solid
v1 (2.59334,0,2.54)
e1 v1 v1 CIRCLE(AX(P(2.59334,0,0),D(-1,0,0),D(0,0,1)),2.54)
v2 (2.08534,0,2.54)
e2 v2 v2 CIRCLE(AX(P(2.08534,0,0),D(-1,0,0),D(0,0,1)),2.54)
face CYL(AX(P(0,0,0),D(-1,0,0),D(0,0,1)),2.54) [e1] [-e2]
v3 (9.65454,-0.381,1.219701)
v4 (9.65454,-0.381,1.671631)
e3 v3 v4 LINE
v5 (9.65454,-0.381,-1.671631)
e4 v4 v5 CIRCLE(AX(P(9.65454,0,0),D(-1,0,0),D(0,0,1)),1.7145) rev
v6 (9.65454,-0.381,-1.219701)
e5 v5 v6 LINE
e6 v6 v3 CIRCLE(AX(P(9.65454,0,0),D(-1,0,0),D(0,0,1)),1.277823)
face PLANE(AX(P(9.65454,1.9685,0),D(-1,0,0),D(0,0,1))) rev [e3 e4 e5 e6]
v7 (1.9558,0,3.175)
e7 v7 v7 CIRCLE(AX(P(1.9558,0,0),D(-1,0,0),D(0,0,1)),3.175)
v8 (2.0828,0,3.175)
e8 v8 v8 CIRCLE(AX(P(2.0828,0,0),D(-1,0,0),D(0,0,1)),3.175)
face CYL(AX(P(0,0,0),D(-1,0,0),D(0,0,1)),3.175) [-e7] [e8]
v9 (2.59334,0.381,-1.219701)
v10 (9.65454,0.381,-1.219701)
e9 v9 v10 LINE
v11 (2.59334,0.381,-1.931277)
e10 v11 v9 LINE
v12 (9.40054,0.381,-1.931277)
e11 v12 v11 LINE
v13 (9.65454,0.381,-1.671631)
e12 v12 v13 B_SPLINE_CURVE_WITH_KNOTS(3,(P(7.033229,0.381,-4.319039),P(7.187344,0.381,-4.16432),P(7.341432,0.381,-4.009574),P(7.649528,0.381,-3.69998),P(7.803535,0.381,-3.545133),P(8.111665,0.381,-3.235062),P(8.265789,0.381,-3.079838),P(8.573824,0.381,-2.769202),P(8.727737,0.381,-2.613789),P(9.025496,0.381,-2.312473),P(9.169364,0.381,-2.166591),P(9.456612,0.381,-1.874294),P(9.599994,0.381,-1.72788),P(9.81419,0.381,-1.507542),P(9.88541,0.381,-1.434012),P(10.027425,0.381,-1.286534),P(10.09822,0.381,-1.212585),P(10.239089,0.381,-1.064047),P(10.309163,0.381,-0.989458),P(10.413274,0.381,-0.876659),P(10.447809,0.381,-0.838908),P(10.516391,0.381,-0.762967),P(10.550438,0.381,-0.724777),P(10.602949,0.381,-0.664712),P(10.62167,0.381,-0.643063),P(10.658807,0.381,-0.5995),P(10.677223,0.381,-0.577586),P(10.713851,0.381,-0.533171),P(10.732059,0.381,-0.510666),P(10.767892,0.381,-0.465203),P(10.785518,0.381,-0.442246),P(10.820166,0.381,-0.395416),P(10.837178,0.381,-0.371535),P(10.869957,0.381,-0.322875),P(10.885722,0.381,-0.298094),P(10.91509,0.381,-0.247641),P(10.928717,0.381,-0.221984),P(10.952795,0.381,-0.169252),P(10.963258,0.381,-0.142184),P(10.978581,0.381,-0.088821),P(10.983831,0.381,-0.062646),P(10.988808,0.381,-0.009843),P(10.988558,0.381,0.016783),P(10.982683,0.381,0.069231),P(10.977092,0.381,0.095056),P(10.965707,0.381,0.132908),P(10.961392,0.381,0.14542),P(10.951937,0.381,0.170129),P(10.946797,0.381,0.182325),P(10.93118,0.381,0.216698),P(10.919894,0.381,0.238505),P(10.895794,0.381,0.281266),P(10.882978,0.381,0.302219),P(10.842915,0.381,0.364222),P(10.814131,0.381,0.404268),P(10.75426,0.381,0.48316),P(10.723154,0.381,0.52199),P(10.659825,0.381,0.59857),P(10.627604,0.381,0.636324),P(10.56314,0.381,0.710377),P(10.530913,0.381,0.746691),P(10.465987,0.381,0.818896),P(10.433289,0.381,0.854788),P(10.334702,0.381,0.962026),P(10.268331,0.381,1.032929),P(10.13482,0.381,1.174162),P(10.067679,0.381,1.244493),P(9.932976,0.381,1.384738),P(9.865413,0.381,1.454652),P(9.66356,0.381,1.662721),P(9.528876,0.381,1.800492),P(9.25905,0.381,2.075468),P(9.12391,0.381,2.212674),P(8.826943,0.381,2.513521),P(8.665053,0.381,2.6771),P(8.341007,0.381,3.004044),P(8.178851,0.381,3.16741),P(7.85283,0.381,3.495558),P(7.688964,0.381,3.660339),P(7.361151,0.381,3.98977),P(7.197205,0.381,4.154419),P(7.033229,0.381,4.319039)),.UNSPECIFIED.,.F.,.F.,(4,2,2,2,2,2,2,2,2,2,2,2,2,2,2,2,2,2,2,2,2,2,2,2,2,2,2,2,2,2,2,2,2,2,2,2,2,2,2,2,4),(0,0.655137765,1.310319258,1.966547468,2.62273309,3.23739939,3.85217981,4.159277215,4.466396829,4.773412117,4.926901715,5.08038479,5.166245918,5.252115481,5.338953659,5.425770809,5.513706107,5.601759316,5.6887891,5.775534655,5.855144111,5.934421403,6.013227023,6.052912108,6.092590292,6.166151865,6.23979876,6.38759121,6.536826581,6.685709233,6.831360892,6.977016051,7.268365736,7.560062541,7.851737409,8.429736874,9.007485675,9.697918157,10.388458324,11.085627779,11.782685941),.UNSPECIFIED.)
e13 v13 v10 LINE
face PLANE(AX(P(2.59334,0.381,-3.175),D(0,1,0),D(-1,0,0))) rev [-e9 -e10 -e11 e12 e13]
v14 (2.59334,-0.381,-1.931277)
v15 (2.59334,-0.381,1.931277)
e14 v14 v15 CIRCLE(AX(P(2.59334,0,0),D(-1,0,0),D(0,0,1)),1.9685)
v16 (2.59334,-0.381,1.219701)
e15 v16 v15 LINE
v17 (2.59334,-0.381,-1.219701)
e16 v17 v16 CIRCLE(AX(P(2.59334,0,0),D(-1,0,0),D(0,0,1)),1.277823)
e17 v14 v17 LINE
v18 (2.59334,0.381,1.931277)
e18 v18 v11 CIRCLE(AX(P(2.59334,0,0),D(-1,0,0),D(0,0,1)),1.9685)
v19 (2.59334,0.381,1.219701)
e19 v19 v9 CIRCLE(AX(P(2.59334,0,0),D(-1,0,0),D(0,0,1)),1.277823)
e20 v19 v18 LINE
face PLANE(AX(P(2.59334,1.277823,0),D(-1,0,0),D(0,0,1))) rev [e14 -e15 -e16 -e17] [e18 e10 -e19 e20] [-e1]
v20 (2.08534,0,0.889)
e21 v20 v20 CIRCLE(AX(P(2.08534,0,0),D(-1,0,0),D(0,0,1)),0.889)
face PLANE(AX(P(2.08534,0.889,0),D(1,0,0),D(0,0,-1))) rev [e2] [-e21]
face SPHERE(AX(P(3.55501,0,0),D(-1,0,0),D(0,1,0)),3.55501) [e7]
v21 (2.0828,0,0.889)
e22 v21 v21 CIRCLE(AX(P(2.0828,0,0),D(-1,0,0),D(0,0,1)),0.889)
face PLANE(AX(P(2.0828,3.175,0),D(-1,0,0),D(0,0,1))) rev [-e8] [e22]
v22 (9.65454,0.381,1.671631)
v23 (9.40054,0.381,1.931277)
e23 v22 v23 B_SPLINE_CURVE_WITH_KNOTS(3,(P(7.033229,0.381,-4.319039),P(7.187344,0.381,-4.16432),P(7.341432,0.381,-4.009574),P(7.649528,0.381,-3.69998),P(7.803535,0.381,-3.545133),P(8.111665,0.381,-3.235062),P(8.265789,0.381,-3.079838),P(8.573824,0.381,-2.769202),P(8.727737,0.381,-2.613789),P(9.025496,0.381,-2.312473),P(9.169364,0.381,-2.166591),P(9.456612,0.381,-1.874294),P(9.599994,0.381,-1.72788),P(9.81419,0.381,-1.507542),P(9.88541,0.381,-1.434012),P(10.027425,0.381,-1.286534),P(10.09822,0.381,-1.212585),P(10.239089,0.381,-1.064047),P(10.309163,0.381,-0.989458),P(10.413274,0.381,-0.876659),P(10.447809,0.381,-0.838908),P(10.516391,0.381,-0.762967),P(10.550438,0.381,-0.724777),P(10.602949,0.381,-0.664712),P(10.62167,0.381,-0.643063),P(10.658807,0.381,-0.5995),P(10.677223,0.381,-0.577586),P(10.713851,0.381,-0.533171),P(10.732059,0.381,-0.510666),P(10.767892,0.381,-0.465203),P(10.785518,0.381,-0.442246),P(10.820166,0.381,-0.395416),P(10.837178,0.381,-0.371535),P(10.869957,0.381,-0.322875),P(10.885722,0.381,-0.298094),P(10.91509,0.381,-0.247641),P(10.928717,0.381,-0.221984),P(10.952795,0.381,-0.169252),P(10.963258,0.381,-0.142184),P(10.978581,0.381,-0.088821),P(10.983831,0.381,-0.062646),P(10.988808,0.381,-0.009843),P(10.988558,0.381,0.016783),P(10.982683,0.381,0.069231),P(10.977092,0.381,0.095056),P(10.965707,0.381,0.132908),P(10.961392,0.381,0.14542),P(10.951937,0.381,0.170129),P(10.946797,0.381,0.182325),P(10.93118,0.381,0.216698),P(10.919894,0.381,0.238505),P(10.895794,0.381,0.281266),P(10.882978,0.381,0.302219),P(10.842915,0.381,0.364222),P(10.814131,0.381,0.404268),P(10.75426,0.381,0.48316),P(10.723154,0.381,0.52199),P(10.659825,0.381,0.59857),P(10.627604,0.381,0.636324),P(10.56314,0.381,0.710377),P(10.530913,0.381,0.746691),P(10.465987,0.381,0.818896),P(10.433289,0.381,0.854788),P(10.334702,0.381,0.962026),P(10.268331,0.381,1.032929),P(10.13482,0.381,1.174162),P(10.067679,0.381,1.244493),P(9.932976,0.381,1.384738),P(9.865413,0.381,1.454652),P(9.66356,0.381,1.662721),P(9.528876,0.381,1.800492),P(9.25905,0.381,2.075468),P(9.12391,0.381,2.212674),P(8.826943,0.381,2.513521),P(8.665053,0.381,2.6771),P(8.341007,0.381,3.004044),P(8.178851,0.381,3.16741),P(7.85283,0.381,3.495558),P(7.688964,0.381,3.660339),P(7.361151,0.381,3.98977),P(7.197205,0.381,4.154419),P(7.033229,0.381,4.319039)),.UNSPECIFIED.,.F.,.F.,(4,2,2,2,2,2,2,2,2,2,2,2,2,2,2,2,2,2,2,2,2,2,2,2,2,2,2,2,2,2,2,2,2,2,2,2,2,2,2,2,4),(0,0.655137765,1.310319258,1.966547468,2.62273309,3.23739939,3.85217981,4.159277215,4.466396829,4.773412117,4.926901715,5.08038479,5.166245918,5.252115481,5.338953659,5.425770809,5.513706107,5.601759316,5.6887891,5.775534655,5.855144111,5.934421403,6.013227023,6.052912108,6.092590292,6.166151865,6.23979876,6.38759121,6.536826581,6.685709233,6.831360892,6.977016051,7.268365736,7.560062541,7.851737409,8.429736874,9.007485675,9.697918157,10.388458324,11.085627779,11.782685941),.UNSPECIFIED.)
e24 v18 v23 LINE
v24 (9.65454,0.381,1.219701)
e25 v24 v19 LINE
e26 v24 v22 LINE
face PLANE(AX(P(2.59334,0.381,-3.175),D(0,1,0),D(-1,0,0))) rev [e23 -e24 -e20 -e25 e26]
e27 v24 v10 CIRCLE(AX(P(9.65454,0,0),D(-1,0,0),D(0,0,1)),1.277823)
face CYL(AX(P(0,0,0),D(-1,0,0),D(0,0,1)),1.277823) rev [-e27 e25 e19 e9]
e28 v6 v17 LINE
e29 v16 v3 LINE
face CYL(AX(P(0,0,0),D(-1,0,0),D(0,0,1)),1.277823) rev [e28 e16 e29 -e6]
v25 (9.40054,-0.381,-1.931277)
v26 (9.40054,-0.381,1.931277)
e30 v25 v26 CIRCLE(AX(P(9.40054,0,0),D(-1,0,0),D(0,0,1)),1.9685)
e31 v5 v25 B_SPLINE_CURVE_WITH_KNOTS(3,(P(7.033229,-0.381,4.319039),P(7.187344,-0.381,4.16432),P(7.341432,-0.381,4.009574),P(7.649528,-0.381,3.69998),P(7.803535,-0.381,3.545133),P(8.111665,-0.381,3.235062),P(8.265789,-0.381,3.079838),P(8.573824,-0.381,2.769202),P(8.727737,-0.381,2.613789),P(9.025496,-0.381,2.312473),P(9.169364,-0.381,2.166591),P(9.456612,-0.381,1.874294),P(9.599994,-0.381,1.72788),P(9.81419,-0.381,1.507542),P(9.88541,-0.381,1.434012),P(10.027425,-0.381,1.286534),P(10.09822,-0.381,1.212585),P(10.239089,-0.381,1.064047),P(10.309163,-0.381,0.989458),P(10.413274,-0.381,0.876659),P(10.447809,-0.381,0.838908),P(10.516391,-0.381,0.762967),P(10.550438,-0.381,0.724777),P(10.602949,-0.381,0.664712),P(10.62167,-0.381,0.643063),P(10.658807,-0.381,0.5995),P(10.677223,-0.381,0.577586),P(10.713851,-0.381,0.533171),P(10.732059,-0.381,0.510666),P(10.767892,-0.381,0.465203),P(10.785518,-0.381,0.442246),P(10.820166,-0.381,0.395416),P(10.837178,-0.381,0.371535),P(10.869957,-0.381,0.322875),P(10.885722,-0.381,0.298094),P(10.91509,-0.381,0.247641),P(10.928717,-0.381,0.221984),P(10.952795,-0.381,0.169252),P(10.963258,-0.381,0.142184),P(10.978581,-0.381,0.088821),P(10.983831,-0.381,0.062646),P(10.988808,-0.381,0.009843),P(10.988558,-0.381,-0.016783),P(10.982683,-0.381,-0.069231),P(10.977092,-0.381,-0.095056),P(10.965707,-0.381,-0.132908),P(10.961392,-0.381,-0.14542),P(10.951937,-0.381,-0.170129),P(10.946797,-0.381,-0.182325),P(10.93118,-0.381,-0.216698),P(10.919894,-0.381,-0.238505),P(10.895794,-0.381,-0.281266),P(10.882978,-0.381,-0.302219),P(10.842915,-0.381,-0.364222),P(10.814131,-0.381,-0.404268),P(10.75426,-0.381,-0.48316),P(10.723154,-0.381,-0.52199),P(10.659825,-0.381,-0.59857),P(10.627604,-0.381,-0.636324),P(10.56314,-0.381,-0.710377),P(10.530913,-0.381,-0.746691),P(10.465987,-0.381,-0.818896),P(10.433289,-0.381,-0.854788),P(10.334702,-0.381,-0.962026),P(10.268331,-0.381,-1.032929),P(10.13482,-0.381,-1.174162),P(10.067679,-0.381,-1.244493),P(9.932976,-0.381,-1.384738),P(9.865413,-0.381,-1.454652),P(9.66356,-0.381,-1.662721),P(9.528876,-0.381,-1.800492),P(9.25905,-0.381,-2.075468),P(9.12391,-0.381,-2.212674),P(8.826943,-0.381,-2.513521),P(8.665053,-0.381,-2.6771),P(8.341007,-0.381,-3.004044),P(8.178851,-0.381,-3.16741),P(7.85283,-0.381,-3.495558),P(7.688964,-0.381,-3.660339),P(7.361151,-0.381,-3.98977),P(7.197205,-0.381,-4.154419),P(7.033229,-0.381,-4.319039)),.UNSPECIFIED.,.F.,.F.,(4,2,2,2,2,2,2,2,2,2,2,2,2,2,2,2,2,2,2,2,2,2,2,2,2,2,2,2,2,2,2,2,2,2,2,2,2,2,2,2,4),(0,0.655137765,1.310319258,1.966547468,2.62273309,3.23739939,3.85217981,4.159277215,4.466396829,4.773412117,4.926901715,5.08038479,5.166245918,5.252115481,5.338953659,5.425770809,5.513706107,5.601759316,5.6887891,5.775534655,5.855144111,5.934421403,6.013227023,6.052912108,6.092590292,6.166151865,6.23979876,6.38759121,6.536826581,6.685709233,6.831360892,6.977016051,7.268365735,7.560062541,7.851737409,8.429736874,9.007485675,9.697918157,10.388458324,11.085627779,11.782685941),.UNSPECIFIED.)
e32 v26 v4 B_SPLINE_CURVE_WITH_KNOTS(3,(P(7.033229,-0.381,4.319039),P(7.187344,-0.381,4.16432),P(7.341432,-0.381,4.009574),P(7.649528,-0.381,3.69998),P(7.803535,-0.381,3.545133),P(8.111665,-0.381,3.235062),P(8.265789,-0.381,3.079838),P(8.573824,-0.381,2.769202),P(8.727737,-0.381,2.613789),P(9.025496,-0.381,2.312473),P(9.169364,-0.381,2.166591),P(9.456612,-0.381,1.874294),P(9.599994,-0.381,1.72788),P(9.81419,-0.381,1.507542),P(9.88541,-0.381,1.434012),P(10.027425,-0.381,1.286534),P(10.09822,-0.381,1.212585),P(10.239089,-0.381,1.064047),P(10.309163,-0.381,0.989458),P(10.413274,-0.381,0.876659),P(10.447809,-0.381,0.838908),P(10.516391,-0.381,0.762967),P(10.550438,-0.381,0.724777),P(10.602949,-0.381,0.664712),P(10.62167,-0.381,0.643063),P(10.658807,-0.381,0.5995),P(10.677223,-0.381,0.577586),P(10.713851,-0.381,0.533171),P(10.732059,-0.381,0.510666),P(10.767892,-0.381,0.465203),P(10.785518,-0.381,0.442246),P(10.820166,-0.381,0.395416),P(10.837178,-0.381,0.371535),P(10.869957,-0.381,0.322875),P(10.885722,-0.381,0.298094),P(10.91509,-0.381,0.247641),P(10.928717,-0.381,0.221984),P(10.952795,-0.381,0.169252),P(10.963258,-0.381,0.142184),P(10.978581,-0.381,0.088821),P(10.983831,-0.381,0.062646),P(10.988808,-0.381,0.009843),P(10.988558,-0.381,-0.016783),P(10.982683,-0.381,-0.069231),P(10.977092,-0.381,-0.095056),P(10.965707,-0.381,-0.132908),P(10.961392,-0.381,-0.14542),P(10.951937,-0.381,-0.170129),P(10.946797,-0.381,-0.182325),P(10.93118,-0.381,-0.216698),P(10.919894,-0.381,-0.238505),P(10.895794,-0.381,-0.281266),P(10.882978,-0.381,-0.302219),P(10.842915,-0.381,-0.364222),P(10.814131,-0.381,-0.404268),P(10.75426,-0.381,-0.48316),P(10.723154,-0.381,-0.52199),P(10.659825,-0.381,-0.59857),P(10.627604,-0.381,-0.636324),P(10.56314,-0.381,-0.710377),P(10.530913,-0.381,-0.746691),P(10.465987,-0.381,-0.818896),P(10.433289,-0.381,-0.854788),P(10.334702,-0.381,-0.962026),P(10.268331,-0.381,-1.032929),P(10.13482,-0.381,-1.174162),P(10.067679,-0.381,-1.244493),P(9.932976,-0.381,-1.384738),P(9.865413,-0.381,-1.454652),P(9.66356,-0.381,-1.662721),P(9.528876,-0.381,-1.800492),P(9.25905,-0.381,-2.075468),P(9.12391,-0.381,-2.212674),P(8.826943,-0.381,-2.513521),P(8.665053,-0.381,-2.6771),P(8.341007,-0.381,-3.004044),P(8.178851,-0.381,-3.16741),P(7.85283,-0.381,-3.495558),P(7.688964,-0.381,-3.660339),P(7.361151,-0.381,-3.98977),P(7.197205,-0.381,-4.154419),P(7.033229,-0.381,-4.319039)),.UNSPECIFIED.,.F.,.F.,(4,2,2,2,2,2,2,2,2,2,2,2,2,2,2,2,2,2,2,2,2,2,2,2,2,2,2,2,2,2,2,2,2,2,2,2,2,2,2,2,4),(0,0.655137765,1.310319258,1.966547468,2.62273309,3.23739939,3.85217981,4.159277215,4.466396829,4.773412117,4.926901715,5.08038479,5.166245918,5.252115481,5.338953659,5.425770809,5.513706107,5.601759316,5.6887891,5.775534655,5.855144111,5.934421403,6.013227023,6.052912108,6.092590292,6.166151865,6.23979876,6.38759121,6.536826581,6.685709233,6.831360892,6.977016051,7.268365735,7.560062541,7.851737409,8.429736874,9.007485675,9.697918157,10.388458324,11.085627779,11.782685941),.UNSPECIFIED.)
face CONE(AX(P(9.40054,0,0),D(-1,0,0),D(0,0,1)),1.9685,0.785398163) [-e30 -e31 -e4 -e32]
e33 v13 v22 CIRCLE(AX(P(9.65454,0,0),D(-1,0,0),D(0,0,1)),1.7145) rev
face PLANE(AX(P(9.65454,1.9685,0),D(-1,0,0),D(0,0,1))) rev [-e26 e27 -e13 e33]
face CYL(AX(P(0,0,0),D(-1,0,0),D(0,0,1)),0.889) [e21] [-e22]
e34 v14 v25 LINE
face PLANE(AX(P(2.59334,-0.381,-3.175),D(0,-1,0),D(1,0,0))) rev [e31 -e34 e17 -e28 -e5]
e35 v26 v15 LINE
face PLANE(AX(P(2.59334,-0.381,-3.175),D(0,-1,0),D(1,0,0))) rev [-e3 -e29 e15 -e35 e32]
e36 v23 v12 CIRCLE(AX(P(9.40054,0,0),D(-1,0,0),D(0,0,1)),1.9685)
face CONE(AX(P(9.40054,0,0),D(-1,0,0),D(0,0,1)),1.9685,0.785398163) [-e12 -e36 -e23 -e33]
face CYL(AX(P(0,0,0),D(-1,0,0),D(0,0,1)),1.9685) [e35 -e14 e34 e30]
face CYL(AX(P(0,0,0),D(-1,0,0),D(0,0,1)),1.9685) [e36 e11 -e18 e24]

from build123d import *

# Parameters (mm, degrees)
CHAMFER1_SIZE           = 0.254
SKETCH2_W               = 7.0612
SKETCH2_H               = 0.762
CUT_EXTRUDE1_DEPTH      = 4.175
CUT_EXTRUDE1_DEPTH_BACK = 4.175


with BuildPart() as part:
    # Sketch1 → Revolve1 (revolve)
    with BuildSketch(Plane.XY, mode=Mode.PRIVATE) as revolve1_sk:
        with BuildLine():
            Line((1.9558, 3.175), (2.0828, 3.175))
            Line((2.0828, 3.175), (2.0828, 0.889))
            Line((2.0828, 0.889), (2.08534, 0.889))
            Line((2.08534, 0.889), (2.08534, 2.54))
            Line((2.08534, 2.54), (2.59334, 2.54))
            Line((2.59334, 2.54), (2.59334, 1.9685))
            Line((2.59334, 1.9685), (9.65454, 1.9685))
            Line((9.65454, 1.9685), (9.65454, 1.277822692))
            Line((9.65454, 1.277822692), (2.59334, 1.277822692))
            Line((2.59334, 1.277822692), (2.59334, 0))
            Line((2.59334, 0), (0, 0))
            ThreePointArc((0, 0), (0.528187929, 1.864522636), (1.9558, 3.175))
        make_face()
    revolve(revolve1_sk.sketch.rotate(Axis((0, 0, 0), (1, 0, 0)), 90), axis=Axis((0, 0, 0), (1, 0, 0)))  # turned: the seam where the file's is

    # Chamfer1
    chamfer1_edges = [part.edges().sort_by_distance(p)[0] for p in [
        (9.65454, 0, -1.9685),
    ]]
    chamfer(chamfer1_edges, length=CHAMFER1_SIZE)

    # Sketch2 → Cut-Extrude1 (cut, two sides)
    with BuildSketch(Plane.XY) as cut_extrude1_sk:
        with Locations((6.12394, 0)):
            Rectangle(SKETCH2_W, SKETCH2_H)
    extrude(amount=CUT_EXTRUDE1_DEPTH, mode=Mode.SUBTRACT)
    extrude(cut_extrude1_sk.sketch, amount=-CUT_EXTRUDE1_DEPTH_BACK, mode=Mode.SUBTRACT)


solid = part.part
